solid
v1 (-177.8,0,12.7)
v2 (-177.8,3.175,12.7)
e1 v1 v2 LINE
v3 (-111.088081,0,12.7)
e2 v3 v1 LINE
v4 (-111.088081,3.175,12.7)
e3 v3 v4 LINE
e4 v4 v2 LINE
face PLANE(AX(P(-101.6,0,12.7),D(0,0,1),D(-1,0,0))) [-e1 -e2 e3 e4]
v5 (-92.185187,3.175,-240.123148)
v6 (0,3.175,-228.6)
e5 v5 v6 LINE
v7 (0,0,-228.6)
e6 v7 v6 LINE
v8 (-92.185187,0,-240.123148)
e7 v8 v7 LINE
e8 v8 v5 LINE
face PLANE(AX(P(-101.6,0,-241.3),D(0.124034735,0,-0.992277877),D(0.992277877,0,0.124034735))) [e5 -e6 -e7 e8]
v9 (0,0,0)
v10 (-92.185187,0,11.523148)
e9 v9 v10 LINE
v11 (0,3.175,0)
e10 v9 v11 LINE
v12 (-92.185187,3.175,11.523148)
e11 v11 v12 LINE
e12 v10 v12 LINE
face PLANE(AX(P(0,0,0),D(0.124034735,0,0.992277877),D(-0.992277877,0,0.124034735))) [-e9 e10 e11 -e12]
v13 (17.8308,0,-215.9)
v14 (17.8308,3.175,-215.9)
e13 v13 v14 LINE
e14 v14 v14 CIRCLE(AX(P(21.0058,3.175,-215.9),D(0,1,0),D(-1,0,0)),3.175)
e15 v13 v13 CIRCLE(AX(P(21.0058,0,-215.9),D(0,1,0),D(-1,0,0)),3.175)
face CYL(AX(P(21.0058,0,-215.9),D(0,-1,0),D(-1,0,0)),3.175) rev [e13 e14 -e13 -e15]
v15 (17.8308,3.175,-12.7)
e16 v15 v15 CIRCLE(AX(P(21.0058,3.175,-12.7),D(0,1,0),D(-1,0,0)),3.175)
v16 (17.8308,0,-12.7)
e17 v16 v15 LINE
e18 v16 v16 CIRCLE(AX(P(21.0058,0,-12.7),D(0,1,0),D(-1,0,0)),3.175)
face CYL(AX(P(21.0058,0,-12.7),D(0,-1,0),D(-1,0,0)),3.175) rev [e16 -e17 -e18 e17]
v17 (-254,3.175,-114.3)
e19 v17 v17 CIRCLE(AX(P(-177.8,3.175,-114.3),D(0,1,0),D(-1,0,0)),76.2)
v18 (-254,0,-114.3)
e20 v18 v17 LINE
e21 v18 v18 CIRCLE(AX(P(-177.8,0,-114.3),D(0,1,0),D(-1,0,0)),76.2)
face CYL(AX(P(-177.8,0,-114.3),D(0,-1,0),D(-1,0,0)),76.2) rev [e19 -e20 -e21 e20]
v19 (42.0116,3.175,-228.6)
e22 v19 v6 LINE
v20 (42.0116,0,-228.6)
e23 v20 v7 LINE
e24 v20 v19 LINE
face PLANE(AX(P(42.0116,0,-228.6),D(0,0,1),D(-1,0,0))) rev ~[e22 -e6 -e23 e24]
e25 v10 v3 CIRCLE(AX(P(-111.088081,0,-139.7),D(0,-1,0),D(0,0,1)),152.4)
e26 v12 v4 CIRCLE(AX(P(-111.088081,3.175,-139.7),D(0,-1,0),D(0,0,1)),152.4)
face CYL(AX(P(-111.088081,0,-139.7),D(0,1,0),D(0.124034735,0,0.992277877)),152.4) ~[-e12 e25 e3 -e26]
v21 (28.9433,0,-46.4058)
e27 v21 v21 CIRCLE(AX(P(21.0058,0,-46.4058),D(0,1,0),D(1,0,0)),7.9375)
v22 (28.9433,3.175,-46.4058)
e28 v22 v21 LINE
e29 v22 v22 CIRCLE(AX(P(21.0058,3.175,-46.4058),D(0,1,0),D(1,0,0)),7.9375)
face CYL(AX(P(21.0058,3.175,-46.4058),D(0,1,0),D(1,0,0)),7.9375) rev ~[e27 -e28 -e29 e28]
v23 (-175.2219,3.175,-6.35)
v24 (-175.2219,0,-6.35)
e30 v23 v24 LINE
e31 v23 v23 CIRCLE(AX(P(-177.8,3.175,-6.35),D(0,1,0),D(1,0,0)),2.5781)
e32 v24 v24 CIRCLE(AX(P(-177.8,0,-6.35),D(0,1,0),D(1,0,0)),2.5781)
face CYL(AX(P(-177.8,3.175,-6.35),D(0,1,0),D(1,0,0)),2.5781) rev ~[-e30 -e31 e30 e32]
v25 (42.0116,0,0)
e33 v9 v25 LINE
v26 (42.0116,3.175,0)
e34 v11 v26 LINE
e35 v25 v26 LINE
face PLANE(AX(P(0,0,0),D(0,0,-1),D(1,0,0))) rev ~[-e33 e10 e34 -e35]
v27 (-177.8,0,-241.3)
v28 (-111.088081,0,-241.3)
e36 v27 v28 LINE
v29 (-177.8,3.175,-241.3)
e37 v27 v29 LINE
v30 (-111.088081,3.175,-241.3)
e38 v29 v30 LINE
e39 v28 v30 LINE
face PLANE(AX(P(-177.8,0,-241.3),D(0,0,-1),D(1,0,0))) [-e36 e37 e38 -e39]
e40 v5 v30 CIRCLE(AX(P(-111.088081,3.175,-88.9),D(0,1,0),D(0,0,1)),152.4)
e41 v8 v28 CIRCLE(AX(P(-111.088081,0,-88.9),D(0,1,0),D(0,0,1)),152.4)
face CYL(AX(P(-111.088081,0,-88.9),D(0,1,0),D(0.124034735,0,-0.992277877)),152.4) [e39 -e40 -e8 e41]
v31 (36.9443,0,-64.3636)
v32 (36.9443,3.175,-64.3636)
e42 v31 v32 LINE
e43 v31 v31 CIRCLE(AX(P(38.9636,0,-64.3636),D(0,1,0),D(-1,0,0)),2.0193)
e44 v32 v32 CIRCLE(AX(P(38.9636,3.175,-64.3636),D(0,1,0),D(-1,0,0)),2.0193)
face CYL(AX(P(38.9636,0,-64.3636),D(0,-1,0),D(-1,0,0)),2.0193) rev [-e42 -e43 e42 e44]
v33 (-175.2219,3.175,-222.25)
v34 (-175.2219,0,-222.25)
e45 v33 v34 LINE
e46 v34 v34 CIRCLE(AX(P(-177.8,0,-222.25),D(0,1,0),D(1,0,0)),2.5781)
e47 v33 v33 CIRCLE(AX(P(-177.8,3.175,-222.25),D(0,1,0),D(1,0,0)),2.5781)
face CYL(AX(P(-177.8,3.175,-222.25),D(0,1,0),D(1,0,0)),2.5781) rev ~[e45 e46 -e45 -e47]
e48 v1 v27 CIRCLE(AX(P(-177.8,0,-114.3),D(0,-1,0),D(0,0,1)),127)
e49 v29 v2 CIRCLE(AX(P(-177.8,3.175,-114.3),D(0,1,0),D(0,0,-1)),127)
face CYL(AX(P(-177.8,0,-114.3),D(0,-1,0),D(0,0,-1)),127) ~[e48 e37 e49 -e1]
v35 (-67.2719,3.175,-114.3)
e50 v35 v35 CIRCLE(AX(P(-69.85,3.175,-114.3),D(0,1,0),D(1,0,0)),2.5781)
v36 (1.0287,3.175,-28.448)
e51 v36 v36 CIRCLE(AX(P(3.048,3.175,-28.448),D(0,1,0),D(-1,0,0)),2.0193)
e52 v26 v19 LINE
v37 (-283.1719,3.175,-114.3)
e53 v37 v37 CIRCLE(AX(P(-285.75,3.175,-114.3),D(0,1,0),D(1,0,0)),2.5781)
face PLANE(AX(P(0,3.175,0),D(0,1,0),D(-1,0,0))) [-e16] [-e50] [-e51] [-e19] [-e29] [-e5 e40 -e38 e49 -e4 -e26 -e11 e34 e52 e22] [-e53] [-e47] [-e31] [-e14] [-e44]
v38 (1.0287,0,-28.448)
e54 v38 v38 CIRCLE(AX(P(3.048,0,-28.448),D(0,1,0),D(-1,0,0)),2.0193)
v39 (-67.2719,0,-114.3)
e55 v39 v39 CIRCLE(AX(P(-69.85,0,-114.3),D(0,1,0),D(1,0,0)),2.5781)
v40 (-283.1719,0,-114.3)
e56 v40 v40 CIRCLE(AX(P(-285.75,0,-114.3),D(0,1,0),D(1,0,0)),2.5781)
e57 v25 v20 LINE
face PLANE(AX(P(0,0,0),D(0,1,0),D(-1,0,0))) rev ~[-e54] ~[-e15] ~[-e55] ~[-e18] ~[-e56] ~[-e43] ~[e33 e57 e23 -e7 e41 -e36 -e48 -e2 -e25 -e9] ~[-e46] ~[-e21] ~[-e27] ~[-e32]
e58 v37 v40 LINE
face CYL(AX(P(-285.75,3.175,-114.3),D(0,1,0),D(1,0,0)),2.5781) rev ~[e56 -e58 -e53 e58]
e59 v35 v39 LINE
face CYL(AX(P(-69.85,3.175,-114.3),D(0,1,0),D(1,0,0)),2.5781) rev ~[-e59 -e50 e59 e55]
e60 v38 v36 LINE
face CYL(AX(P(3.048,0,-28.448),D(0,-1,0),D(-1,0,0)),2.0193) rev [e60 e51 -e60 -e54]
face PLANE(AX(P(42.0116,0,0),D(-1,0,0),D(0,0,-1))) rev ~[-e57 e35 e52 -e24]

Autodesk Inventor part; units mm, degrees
ref_plane "YZ Plane" through (0, 0, 0) normal (1, 0, 0) x (0, 1, 0)
ref_plane "XZ Plane" through (0, 0, 0) normal (0, 1, 0) x (-1, 0, 0)
ref_plane "XY Plane" through (0, 0, 0) normal (0, 0, 1) x (1, 0, 0)
sketch "Sketch1" plane through (0, 0, 0) normal (0, 1, 0) x (-1, 0, 0)
  line L0 (0, 0) -> (-42.0116, 0)
  line L1 (-42.0116, 0) -> (-42.0116, -228.6)
  line L2 (-42.0116, -228.6) -> (0, -228.6)
  line L3 (0, -228.6) -> (0, 0)
  circle A0 centre (-21.0058, -12.7) radius 3.175
  circle A1 centre (-21.0058, -215.9) radius 3.175
  circle A2 centre (-3.048, -28.448) radius 2.0193
  circle A3 centre (-38.9636, -64.3636) radius 2.0193
  line L4 (0, 0) -> (101.6, 12.7)
  line L5 (101.6, 12.7) -> (177.8, 12.7)
  line L6 (304.8, -114.3) -> (304.8, -114.3)
  line L7 (177.8, -241.3) -> (101.6, -241.3)
  line L8 (101.6, -241.3) -> (0, -228.6)
  circle A4 centre (177.8, -114.3) radius 76.2
  arc A5 (304.8, -114.3) -> (177.8, 12.7) centre (177.8, -114.3) ccw
  arc A6 (177.8, -241.3) -> (304.8, -114.3) centre (177.8, -114.3) ccw
  point P0 (304.8, 12.7)
  point P1 (304.8, -241.3)
  dimension "d0" = 42.0116
  dimension "d1" = 228.6
  dimension "d2" = 12.7
  dimension "d3" = 12.7
  dimension "d4" = 6.35
  dimension "d5" = 21.0058
  dimension "d6" = 21.0058
  dimension "d7" = 6.35
  dimension "d8" = 28.448
  dimension "d9" = 3.048
  dimension "d10" = 4.0386
  dimension "d11" = 4.0386
  dimension "d12" = 64.3636
  dimension "d13" = 3.048
  dimension "d21" = 152.4
  dimension "d22" = 254
  dimension "d23" = 203.2
  dimension "d24" = 101.6
  dimension "d25" = 127
  dimension "d26" = 127
  dimension "d27" = 127
  dimension "d28" = 127
extrude "Extrusion1" add sketch "Sketch1" along normal blind 3.175
sketch "Sketch2" plane through (0, 3.175, 0) normal (0, 1, 0) x (1, 0, 0)
  circle A0 centre (21.0058, 46.4058) radius 7.9375
  line L0 (0, 228.6) -> (0, 0) projected
  line L1 (0, 0) -> (42.0116, 0) projected
  line L2 (42.0116, 228.6) -> (0, 228.6) projected
  line L3 (0, 0) -> (0, 228.6)
  line L4 (42.0116, 0) -> (42.0116, 228.6) projected
  dimension "d16" = 15.875
  dimension "d18" = 46.4058
  dimension "d31" = 21.0058
extrude "Extrusion2" cut sketch "Sketch2" against normal blind 7.9375 contours A0
fillet "Fillet1" radius 152.4 2 edges at (-101.6, 1.5875, 12.7) (-101.6, 1.5875, -241.3)
sketch "Sketch3" plane through (0, 3.175, 0) normal (0, 1, 0) x (1, 0, 0)
  circle A0 centre (-177.8, 114.3) radius 107.95 construction
  circle A1 centre (-177.8, 114.3) radius 76.2 projected
  circle A2 centre (-177.8, 6.35) radius 2.5781
  circle A3 centre (-69.85, 114.3) radius 2.5781
  circle A4 centre (-177.8, 222.25) radius 2.5781
  circle A5 centre (-285.75, 114.3) radius 2.5781
  line L0 (-177.8, 114.3) -> (-177.8, 6.35) construction
  line L1 (-177.8, 114.3) -> (-69.85, 114.3) construction
  line L2 (-177.8, 114.3) -> (-177.8, 222.25) construction
  line L3 (-177.8, 114.3) -> (-285.75, 114.3) construction
  point P0 (0, 0)
  dimension "d33" = 215.9
  dimension "d35" = 90
  dimension "d43" = 90
  dimension "d44" = 90
extrude "Extrusion3" cut sketch "Sketch3" against normal blind 25.4 contours A2 | A3 | A4 | A5
properties part number "BAG motor top plate" material "Aluminum 6061"
